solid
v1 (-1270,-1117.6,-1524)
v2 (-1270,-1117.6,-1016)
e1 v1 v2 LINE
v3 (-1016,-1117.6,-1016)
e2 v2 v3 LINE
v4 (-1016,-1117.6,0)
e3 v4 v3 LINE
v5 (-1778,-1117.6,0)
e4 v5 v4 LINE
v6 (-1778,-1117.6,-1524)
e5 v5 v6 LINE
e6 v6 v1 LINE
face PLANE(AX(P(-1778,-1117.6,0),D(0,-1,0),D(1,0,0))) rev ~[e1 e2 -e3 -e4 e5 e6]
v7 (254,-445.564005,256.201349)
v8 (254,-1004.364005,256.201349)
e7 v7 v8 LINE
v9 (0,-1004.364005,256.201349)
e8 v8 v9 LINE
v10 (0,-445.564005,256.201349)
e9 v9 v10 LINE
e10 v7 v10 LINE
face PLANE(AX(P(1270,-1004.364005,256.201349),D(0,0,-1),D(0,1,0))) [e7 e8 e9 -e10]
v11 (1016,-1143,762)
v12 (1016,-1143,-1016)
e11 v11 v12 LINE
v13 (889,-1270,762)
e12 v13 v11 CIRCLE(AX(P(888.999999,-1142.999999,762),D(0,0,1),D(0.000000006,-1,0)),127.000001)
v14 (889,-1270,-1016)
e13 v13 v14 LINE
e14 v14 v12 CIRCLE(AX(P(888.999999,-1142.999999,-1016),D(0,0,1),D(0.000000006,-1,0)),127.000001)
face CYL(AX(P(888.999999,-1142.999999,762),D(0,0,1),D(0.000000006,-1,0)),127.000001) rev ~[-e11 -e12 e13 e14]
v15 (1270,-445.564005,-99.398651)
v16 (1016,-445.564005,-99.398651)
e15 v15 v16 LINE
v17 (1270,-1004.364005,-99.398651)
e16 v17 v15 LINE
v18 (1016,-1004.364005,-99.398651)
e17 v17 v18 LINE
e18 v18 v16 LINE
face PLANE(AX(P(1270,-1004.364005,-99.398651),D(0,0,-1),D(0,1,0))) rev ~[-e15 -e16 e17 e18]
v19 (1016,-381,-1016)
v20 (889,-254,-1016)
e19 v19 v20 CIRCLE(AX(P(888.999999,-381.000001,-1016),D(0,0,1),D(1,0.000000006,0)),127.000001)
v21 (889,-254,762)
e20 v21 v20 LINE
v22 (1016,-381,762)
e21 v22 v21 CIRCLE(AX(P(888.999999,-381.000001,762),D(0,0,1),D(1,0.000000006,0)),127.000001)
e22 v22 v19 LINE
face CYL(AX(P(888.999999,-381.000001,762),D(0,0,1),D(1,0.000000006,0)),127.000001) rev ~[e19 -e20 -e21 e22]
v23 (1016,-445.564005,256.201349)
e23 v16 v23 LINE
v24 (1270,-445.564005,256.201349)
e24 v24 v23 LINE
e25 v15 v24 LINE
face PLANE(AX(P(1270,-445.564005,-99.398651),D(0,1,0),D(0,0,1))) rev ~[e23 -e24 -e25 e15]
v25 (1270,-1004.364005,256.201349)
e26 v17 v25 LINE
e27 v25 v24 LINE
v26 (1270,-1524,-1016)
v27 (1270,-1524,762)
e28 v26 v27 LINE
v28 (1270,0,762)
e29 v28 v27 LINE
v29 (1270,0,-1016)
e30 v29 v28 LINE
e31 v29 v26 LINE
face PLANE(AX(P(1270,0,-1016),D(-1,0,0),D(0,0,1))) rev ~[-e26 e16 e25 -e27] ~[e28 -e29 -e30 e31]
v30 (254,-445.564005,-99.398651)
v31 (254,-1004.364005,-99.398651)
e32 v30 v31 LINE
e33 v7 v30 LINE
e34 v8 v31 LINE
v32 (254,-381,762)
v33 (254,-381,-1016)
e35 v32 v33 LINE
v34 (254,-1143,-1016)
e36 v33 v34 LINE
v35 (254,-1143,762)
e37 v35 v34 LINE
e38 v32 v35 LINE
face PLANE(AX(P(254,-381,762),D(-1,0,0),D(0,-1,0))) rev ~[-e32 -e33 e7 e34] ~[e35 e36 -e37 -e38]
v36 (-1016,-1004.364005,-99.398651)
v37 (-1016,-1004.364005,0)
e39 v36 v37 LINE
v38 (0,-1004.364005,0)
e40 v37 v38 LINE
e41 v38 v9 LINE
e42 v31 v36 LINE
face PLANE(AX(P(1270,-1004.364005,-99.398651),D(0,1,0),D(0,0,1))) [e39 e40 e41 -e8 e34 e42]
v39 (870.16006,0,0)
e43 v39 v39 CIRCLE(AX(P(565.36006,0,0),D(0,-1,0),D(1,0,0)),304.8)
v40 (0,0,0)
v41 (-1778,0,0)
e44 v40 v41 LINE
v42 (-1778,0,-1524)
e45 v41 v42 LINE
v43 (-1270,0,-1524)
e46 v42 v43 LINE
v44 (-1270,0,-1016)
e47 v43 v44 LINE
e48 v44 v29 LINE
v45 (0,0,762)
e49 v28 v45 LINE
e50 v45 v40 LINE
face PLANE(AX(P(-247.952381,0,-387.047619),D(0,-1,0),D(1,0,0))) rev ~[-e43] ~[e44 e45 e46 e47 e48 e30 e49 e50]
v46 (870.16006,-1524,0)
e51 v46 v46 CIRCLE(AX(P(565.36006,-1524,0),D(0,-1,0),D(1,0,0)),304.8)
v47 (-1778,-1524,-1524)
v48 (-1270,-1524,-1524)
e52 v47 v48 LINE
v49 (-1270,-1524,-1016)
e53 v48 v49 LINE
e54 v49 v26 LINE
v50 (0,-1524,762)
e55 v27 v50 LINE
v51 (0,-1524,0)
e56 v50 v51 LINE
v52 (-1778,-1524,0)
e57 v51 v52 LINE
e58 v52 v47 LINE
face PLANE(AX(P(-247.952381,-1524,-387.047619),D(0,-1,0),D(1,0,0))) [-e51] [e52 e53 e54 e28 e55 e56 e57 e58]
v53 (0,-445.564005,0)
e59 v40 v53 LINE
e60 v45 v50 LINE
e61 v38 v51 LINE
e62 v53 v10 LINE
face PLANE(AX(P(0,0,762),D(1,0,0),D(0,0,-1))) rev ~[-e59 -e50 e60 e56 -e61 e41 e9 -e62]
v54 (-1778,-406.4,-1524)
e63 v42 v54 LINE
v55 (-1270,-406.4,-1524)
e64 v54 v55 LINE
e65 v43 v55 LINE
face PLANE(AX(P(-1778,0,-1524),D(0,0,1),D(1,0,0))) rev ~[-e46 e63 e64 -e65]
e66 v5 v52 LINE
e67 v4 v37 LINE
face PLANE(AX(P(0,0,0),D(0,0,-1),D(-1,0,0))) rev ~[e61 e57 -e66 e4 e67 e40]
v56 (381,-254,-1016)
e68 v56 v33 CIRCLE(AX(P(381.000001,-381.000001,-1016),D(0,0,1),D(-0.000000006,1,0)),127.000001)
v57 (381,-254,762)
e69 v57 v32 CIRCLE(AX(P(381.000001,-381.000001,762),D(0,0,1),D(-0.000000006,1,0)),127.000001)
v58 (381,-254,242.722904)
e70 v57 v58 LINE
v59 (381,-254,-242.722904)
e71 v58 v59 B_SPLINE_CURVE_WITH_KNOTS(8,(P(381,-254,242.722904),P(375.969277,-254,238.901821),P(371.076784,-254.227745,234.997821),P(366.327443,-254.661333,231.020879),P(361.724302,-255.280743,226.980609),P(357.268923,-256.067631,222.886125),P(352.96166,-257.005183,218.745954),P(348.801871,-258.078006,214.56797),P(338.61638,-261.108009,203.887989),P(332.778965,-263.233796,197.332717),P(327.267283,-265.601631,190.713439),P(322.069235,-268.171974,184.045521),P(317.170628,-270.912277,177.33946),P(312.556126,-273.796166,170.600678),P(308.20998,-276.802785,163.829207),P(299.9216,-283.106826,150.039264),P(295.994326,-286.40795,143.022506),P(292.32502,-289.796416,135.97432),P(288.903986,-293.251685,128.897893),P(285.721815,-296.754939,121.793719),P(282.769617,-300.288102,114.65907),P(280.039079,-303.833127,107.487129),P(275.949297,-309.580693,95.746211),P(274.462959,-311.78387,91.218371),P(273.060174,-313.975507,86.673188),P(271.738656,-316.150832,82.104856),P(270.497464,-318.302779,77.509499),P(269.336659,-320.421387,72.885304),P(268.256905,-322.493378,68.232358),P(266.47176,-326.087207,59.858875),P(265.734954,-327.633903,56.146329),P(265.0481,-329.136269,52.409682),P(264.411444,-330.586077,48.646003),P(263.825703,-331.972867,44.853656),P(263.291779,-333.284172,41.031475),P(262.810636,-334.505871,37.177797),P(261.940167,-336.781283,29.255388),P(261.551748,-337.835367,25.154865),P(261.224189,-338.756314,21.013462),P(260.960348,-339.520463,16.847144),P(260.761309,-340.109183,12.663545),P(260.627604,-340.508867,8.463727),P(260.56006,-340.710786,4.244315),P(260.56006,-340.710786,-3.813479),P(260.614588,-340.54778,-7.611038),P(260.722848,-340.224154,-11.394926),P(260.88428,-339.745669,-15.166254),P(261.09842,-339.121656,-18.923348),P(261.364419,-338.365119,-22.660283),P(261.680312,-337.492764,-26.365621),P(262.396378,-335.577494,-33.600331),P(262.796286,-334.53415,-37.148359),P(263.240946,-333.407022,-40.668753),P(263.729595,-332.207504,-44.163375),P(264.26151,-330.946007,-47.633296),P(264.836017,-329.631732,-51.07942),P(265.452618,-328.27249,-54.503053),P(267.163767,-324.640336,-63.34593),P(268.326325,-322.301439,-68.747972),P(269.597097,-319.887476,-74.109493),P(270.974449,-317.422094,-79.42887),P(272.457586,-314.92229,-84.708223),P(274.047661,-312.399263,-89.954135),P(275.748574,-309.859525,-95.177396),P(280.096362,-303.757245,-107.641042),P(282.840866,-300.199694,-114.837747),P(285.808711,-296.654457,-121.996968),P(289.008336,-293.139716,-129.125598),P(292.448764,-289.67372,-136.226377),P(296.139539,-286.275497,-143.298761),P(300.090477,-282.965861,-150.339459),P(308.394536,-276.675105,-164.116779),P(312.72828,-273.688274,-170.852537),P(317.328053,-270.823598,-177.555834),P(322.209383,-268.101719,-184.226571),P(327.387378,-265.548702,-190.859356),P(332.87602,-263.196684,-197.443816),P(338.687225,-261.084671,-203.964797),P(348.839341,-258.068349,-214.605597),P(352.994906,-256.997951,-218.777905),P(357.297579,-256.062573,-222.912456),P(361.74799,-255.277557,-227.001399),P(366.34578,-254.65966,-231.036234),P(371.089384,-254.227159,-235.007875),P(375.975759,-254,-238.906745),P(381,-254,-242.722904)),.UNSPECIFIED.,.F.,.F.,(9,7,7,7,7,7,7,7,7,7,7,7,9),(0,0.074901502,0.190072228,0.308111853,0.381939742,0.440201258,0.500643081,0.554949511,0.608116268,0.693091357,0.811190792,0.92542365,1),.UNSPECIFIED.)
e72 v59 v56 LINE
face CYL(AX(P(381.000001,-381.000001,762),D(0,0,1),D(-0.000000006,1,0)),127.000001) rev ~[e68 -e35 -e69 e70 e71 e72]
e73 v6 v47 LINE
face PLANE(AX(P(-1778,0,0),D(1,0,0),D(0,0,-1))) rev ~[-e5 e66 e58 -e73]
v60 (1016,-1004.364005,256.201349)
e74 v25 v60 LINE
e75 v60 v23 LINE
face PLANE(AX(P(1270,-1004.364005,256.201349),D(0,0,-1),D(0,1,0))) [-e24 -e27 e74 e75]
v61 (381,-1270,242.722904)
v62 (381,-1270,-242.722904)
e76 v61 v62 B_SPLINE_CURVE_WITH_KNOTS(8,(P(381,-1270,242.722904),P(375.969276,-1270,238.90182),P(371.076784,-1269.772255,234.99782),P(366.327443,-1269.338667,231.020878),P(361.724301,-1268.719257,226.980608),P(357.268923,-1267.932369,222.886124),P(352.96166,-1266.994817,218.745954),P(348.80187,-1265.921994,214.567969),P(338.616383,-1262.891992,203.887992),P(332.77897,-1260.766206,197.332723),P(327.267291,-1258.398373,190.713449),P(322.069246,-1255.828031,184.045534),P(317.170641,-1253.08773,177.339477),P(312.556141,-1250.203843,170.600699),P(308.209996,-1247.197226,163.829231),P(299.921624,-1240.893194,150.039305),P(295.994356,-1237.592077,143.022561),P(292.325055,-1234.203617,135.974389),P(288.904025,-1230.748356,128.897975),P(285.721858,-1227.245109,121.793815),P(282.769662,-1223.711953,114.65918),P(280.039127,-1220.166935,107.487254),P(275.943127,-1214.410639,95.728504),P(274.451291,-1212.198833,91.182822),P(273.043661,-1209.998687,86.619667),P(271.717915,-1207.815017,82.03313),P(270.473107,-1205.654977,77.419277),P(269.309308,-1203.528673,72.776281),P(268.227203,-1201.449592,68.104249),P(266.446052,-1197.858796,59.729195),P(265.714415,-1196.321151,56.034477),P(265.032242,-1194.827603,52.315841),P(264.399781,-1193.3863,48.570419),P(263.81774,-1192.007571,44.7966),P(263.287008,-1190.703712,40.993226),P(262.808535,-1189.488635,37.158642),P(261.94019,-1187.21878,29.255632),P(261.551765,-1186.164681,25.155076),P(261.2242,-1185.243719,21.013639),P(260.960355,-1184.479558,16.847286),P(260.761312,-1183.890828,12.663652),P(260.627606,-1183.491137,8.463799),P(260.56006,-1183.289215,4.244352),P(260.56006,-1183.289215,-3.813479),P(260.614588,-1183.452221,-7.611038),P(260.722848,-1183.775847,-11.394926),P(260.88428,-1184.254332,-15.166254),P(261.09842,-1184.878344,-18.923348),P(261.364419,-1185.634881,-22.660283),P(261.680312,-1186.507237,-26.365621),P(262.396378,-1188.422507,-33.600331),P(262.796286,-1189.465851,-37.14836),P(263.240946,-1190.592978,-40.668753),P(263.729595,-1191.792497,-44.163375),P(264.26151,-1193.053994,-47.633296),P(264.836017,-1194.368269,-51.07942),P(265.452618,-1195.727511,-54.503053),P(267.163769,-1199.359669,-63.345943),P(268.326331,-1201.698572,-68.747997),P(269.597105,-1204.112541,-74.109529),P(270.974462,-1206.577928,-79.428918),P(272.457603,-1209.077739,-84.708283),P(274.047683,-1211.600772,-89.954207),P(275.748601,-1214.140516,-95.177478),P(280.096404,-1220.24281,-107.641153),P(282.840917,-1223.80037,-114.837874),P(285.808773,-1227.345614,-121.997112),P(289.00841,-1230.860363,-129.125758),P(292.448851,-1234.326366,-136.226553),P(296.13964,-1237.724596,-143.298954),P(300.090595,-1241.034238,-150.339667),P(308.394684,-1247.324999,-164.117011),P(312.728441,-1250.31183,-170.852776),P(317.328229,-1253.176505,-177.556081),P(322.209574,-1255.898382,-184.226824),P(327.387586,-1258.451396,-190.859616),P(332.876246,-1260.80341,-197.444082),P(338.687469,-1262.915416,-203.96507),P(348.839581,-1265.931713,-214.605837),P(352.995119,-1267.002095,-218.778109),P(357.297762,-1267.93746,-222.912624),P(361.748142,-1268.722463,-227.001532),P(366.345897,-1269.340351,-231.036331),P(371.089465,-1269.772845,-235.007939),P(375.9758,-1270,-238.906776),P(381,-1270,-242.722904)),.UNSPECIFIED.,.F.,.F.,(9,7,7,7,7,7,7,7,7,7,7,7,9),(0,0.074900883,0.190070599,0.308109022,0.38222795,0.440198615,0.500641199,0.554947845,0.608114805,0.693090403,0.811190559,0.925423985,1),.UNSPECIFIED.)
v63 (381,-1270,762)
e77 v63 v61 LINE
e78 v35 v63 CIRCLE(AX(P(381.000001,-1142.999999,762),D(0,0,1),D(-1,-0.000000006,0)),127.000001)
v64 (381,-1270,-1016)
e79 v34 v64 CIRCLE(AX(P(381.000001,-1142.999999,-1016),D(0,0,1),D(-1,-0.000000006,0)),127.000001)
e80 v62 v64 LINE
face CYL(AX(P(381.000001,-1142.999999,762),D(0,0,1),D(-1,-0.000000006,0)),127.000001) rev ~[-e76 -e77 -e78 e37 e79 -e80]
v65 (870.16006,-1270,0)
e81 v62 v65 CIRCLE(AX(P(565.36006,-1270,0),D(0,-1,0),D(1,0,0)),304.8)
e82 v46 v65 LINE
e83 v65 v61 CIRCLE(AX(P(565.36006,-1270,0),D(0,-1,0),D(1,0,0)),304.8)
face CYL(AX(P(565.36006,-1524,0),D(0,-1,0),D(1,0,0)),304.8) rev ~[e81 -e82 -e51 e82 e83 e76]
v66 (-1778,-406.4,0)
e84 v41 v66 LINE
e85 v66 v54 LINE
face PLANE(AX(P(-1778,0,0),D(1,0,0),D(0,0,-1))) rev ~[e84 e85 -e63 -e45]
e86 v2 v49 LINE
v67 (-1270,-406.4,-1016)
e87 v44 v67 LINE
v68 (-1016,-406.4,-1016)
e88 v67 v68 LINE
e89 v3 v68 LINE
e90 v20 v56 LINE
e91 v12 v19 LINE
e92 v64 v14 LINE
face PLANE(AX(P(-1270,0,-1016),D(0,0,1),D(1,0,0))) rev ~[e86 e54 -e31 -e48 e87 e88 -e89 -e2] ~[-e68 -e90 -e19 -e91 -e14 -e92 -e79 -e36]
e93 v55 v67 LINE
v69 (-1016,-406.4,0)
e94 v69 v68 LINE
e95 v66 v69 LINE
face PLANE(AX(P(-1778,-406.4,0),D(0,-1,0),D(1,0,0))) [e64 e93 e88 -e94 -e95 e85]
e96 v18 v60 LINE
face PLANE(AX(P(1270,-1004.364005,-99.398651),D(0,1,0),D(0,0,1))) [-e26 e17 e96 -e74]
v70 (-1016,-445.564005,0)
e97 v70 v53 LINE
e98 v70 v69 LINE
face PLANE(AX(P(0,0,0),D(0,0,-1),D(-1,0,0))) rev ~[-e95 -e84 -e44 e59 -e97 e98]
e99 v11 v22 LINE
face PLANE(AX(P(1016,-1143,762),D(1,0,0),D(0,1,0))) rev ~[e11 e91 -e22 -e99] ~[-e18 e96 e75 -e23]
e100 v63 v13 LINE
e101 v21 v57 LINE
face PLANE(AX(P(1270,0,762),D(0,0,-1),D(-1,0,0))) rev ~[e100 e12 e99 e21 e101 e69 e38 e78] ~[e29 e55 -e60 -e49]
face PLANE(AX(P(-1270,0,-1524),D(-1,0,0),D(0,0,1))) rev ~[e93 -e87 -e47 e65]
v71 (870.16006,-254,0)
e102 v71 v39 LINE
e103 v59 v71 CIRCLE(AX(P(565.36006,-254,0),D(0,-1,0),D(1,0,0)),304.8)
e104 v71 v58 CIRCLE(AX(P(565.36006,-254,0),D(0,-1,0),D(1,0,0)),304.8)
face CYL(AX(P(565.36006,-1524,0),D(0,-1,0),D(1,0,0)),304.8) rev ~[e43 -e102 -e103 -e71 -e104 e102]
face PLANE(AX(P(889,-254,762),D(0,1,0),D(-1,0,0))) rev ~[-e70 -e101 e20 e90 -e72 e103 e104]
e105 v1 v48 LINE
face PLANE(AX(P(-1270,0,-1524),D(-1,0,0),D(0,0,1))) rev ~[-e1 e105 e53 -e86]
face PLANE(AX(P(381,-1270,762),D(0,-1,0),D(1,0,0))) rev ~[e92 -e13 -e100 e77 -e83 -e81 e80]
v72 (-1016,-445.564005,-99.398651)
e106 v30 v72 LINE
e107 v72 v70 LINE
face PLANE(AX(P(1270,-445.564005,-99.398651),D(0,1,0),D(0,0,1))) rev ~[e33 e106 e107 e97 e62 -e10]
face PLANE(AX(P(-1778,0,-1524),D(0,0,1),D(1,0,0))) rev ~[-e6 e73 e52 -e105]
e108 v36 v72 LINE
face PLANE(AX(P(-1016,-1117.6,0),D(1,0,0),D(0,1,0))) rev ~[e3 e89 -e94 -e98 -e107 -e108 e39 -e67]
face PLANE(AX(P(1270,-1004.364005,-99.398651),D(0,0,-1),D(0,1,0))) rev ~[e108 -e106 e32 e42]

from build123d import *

# Parameters (mm, degrees)
F1_DEPTH  = 1524
F2_W      = 762
F2_H      = 711.2
F3_DEPTH  = 1524
F4_R      = 304.8
F5_DEPTH  = 1524
F7_DEPTH  = 2286.001
F9_W      = 558.8
F9_H      = 355.6
F10_DEPTH = 3048.001


with BuildPart() as f1:
    # F0 (on Front) → F1 (new body)
    with BuildSketch(Plane.XZ):
        Polygon((0, 762), (0, 0), (-1778, 0), (-1778, -1016), (-1778, -1524), (-1270, -1524), (-1270, -1016), (1270, -1016), (1270, 762), align=None)
    extrude(amount=F1_DEPTH)

    # F2 (on face) → F3 (cut)
    with BuildSketch(Plane.XY):
        with Locations((-1397, -762)):
            Rectangle(F2_W, F2_H)
    extrude(amount=-F3_DEPTH, mode=Mode.SUBTRACT)

    # F4 (on face) → F5 (cut)
    with BuildSketch(Plane.XZ.offset(1524)):
        with Locations((565.36006, 0)):
            Circle(F4_R)
    extrude(amount=-F5_DEPTH, mode=Mode.SUBTRACT)

    # F6 (on face) → F7 (cut, through all)
    with BuildSketch(Plane.XY.offset(762)):
        with BuildLine():
            Line((381, -1270), (889, -1270))
            ThreePointArc((889, -1270), (978.802561, -1232.802561), (1016, -1143))
            Line((1016, -1143), (1016, -381))
            ThreePointArc((1016, -381), (978.802561, -291.197439), (889, -254))
            Line((889, -254), (381, -254))
            ThreePointArc((381, -254), (291.197439, -291.197439), (254, -381))
            Line((254, -381), (254, -1143))
            ThreePointArc((254, -1143), (291.197439, -1232.802561), (381, -1270))
        make_face()
    extrude(amount=-F7_DEPTH, mode=Mode.SUBTRACT)

    # F9 (on face) → F10 (cut, through all)
    with BuildSketch(Plane.YZ.offset(1270)):
        with Locations((-724.964005, 78.401349)):
            Rectangle(F9_W, F9_H)
    extrude(amount=-F10_DEPTH, mode=Mode.SUBTRACT)


solid = f1.part
